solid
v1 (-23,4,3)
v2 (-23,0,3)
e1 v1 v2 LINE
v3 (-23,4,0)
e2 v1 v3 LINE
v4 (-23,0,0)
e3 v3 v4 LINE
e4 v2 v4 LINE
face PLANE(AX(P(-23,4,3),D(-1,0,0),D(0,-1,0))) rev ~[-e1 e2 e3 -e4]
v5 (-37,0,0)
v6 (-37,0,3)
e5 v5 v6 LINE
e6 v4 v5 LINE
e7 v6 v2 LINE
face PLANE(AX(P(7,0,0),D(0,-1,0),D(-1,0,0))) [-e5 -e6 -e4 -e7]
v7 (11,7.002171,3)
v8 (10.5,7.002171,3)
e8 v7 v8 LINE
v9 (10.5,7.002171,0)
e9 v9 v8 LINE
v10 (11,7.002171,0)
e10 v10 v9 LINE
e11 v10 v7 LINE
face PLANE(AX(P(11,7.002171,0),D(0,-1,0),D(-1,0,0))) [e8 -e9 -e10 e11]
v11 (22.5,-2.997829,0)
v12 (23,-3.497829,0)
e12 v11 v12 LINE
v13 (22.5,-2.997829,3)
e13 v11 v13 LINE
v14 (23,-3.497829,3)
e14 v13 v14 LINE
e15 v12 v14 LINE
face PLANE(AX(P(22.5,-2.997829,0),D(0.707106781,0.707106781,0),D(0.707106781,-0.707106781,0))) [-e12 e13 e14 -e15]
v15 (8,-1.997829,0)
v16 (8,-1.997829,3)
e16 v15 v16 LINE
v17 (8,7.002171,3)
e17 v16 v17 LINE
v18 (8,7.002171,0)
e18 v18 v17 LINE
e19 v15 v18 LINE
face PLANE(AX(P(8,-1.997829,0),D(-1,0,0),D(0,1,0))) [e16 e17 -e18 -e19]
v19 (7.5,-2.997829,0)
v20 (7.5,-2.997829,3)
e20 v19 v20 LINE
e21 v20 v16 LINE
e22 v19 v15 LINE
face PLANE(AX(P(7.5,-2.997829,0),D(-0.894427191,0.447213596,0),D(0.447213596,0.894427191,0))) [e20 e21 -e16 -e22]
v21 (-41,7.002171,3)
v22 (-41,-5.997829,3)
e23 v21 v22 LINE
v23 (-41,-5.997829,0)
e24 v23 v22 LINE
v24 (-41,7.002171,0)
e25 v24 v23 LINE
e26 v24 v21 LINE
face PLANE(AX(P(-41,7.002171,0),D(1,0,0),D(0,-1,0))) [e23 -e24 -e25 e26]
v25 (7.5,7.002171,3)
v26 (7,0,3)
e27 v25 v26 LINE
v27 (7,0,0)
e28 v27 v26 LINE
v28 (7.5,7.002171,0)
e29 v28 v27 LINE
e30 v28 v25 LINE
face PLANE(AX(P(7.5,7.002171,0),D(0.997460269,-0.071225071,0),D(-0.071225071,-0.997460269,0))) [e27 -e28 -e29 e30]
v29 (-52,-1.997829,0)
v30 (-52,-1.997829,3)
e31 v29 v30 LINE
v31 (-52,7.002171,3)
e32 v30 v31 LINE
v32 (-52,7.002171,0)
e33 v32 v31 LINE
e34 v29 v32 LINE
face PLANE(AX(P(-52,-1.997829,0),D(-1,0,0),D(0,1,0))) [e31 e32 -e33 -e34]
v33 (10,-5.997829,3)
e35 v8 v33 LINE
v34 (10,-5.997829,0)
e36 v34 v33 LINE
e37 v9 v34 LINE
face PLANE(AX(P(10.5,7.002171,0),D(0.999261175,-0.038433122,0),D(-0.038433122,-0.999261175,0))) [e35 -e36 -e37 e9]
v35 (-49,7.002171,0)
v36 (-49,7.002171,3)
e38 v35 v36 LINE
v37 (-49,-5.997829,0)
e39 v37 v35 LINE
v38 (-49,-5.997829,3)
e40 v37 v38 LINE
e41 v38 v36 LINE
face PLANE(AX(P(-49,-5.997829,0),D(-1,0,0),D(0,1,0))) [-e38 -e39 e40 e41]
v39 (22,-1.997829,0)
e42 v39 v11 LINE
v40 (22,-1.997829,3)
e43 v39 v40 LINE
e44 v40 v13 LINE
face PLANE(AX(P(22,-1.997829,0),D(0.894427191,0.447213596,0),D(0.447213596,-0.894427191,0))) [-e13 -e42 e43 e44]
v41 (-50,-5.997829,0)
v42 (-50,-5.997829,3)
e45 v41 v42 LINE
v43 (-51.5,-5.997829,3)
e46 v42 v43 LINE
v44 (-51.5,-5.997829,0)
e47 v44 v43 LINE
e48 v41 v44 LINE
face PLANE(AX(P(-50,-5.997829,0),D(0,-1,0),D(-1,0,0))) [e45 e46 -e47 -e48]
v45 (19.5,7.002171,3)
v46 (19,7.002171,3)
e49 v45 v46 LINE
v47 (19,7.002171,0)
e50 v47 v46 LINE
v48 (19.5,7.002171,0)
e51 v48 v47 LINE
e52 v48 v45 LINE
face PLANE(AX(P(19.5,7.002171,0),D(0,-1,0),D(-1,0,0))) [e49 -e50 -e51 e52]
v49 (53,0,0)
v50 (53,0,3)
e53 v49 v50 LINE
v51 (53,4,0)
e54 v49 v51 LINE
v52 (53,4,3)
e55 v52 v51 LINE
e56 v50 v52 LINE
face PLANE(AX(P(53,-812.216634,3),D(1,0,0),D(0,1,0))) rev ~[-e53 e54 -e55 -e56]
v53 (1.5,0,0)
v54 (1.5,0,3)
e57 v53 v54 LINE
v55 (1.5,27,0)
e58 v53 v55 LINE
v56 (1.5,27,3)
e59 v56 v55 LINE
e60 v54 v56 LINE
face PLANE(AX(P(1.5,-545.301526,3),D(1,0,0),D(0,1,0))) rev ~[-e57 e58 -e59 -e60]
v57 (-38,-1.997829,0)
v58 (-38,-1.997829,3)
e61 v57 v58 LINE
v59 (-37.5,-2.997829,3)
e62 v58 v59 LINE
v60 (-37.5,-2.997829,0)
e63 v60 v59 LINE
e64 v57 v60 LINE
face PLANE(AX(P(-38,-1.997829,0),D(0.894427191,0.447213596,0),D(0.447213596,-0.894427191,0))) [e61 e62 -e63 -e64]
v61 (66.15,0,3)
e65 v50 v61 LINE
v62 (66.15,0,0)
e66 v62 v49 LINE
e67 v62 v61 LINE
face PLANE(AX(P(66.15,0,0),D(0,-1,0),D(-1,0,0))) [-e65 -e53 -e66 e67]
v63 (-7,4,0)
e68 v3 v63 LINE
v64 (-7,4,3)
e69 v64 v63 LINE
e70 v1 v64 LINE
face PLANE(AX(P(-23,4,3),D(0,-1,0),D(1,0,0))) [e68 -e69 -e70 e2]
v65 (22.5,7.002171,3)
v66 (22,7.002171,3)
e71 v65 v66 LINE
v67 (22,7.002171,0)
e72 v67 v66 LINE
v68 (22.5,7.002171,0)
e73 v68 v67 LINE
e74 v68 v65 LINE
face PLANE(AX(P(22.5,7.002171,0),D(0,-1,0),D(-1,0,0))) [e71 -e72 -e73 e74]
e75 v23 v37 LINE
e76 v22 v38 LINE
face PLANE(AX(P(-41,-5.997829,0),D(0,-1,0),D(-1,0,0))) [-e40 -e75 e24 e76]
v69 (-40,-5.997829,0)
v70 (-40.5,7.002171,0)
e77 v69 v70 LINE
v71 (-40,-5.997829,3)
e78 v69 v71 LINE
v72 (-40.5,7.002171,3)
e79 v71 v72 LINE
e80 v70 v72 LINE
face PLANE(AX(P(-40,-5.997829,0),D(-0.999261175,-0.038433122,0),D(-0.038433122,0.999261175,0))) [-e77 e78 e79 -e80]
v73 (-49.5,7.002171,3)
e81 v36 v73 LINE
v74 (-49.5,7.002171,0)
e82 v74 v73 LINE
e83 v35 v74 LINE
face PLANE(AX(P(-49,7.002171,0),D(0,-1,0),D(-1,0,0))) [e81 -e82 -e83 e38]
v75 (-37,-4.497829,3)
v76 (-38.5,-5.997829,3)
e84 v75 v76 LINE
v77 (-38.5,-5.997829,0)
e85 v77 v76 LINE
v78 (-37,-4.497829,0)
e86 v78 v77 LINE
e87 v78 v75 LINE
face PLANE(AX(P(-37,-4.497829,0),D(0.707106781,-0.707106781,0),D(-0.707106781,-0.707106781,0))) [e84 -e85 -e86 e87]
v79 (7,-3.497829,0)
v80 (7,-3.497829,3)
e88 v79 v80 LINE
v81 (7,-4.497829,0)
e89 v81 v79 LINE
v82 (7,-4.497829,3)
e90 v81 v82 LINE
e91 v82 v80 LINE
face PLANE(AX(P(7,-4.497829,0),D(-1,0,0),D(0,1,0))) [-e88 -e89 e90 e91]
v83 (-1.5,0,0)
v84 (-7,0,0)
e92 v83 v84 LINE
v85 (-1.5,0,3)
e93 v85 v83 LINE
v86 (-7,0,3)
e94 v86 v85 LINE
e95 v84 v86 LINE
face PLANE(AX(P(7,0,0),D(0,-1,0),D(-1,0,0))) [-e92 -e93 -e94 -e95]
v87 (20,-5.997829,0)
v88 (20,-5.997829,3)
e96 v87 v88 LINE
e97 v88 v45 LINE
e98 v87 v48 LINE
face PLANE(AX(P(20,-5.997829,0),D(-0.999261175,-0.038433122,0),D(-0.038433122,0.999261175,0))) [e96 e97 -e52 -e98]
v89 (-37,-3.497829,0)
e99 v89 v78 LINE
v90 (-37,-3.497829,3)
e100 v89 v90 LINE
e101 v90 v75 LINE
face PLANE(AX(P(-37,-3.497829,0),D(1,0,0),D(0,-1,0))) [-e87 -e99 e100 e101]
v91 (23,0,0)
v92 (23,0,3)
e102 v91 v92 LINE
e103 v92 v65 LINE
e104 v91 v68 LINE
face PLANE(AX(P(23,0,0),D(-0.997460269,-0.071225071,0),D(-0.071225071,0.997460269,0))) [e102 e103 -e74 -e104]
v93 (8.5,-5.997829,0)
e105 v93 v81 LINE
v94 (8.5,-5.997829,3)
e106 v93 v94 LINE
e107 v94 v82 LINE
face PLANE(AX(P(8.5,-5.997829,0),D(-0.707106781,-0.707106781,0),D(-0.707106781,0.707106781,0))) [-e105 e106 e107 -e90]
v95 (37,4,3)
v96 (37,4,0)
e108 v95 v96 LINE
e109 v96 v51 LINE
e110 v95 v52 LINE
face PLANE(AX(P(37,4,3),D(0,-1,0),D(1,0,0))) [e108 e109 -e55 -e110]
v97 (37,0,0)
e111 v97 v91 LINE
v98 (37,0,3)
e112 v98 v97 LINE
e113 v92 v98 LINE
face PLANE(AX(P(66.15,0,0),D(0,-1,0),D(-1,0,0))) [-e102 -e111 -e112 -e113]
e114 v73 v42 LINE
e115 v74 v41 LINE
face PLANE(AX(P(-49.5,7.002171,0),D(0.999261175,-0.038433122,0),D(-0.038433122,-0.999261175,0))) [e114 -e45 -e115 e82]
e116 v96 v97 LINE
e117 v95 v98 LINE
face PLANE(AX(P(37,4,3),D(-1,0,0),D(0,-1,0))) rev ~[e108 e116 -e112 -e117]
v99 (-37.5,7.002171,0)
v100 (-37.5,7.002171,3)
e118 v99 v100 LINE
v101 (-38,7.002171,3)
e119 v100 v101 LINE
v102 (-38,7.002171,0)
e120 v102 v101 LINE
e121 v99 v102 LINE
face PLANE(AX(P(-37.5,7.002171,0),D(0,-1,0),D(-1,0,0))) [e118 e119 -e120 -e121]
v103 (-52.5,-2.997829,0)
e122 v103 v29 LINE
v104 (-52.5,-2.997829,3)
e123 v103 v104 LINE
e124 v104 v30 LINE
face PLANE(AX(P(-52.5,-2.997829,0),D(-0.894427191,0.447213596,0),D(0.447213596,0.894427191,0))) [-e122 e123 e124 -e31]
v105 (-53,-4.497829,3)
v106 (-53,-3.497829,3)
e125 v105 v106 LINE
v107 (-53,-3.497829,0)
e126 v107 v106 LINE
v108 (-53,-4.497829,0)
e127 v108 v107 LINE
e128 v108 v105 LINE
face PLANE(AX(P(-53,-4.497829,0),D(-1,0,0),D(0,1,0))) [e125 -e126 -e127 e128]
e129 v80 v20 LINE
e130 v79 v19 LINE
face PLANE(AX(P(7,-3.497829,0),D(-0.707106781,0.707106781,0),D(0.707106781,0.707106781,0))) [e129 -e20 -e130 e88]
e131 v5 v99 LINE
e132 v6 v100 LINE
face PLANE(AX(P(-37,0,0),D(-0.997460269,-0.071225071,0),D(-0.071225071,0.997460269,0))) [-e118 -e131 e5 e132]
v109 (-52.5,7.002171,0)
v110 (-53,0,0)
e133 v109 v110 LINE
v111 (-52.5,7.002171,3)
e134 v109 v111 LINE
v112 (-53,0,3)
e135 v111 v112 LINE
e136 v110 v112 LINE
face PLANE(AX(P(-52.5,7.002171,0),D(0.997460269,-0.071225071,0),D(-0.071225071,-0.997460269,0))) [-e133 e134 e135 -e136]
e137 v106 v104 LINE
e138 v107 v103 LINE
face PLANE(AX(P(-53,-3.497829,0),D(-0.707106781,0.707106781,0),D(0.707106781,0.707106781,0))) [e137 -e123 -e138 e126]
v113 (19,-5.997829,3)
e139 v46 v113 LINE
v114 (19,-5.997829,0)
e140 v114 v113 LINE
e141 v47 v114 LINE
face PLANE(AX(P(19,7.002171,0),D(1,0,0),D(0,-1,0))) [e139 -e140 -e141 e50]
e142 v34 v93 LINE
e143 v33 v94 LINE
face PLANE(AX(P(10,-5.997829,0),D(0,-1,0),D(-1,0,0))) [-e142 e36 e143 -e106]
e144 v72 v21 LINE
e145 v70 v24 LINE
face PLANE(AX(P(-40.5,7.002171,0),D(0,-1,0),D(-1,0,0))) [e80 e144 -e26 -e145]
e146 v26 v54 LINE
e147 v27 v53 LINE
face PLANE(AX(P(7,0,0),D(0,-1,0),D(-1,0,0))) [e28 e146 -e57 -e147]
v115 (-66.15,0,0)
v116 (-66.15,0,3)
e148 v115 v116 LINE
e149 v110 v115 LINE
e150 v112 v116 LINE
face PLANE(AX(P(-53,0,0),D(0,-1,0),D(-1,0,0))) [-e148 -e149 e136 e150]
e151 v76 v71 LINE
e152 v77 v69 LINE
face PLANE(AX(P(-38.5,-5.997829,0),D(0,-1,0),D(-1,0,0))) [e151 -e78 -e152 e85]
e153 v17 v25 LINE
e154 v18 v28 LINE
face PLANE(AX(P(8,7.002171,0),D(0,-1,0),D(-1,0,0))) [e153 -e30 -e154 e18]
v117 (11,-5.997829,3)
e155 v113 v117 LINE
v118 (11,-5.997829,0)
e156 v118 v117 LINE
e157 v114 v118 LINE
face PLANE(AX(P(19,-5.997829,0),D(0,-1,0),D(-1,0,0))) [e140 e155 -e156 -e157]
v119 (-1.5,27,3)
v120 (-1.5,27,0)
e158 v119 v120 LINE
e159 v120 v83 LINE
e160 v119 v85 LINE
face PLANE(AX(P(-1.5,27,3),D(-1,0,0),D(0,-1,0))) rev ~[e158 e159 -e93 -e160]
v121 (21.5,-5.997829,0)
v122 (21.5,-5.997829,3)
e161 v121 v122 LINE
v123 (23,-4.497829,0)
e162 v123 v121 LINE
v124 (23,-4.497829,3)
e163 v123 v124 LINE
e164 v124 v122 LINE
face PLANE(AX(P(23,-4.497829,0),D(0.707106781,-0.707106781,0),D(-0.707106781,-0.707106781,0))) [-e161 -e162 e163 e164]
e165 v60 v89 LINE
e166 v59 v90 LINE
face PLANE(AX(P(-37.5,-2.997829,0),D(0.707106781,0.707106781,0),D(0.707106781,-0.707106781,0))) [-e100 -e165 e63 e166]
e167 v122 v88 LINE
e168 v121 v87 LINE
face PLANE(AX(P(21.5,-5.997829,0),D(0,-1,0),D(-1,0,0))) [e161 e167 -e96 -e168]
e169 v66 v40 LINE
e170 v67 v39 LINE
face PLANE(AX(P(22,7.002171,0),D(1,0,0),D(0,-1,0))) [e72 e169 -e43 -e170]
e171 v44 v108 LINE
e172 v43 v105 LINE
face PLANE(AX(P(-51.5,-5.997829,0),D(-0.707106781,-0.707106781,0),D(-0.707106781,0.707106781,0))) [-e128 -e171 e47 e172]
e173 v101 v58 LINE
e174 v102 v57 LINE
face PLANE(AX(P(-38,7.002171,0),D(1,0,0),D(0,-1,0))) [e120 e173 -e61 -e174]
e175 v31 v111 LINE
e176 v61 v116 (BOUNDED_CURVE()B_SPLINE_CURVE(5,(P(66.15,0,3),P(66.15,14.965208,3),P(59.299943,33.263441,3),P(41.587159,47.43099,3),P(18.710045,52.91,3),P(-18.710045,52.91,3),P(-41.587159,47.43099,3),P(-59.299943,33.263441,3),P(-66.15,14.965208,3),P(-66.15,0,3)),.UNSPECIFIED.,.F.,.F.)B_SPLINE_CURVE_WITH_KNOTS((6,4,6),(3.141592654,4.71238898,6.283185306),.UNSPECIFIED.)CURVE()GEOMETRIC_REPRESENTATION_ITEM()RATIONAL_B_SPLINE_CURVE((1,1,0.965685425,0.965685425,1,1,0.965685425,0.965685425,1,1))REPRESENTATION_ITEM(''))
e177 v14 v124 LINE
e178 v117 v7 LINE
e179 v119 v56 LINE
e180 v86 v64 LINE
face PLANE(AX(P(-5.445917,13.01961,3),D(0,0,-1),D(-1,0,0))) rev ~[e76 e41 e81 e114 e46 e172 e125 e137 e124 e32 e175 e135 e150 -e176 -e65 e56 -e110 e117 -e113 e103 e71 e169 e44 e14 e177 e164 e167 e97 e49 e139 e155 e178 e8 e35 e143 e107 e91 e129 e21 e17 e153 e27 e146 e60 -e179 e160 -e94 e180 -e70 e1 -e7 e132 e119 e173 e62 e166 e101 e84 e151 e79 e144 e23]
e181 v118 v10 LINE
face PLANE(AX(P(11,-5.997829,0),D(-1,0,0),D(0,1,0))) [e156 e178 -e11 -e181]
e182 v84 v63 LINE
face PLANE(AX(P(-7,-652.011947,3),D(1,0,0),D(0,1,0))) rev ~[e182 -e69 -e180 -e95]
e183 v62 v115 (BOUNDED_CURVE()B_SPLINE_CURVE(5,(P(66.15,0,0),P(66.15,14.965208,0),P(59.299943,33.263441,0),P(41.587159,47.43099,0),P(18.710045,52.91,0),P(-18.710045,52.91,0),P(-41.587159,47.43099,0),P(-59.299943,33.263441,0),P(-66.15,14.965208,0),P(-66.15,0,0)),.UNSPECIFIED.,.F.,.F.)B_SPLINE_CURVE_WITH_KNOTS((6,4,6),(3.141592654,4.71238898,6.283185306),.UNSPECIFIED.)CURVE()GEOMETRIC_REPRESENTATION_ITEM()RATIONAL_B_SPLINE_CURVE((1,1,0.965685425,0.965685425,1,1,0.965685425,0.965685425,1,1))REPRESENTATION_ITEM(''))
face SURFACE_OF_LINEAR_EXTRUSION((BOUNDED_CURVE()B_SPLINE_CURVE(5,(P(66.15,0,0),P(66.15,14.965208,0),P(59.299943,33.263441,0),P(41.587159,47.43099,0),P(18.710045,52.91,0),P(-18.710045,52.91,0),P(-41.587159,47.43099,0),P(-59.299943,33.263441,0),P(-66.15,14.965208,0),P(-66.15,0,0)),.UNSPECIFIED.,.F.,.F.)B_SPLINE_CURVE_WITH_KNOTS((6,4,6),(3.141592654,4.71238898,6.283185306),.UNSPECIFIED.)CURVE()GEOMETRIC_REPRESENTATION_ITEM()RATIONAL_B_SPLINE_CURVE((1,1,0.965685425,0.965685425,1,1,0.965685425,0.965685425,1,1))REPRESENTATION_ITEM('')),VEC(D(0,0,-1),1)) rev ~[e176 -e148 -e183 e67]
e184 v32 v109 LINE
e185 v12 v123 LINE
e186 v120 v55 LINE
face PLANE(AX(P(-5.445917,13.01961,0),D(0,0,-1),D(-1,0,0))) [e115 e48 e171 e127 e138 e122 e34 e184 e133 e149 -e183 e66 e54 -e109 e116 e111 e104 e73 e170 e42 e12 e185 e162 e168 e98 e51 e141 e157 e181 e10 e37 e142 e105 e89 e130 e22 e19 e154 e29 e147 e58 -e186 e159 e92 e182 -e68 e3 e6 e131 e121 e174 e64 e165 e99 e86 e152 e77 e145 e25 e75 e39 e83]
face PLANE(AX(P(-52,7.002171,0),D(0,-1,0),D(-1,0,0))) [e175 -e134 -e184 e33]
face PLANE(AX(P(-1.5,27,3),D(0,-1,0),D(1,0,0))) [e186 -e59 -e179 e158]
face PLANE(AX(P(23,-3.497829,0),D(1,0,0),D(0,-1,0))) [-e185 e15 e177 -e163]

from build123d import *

# Parameters (mm, degrees)
BOSS_EXTRUDE1_DEPTH     = 3
CUT_EXTRUDE1_DEPTH      = 85.760194811
CUT_EXTRUDE1_DEPTH_BACK = 3
CUT_EXTRUDE2_DEPTH      = 85.760194811
CUT_EXTRUDE2_DEPTH_BACK = 3
CUT_EXTRUDE3_DEPTH      = 85.760194811
CUT_EXTRUDE3_DEPTH_BACK = 3


with BuildPart() as part:
    # Sketch1 → Boss-Extrude1 (new body)
    with BuildSketch(Plane.XY):
        with BuildLine():
            Line((-53, 0), (-66.15, 0))
            add(Edge.make_bspline(
                [(0, 52.91), (-66.15, 52.91), (-66.15, 0)],
                knots=[1.570796327, 1.570796327, 1.570796327, 3.141592654, 3.141592654, 3.141592654], degree=2, weights=[1, 0.707106781, 1]))
            add(Edge.make_bspline(
                [(66.15, 0), (66.15, 52.91), (0, 52.91)],
                knots=[3.141592654, 3.141592654, 3.141592654, 4.71238898, 4.71238898, 4.71238898], degree=2, weights=[1, 0.707106781, 1]))
            Line((66.15, 0), (23, 0))
            Line((23, 0), (22.5, 7.002171092))
            Line((22.5, 7.002171092), (22, 7.002171092))
            Line((22, 7.002171092), (22, -1.997828908))
            Line((22, -1.997828908), (22.5, -2.997828908))
            Line((22.5, -2.997828908), (23, -3.497828908))
            Line((23, -3.497828908), (23, -4.497828908))
            Line((23, -4.497828908), (21.5, -5.997828908))
            Line((21.5, -5.997828908), (20, -5.997828908))
            Line((20, -5.997828908), (19.5, 7.002171092))
            Line((19.5, 7.002171092), (19, 7.002171092))
            Line((19, 7.002171092), (19, -5.997828908))
            Line((19, -5.997828908), (11, -5.997828908))
            Line((11, -5.997828908), (11, 7.002171092))
            Line((11, 7.002171092), (10.5, 7.002171092))
            Line((10.5, 7.002171092), (10, -5.997828908))
            Line((10, -5.997828908), (8.5, -5.997828908))
            Line((8.5, -5.997828908), (7, -4.497828908))
            Line((7, -4.497828908), (7, -3.497828908))
            Line((7, -3.497828908), (7.5, -2.997828908))
            Line((7.5, -2.997828908), (8, -1.997828908))
            Line((8, -1.997828908), (8, 7.002171092))
            Line((8, 7.002171092), (7.5, 7.002171092))
            Line((7.5, 7.002171092), (7, 0))
            Line((7, 0), (-37, 0))
            Line((-37, 0), (-37.5, 7.002171092))
            Line((-37.5, 7.002171092), (-38, 7.002171092))
            Line((-38, 7.002171092), (-38, -1.997828908))
            Line((-38, -1.997828908), (-37.5, -2.997828908))
            Line((-37.5, -2.997828908), (-37, -3.497828908))
            Line((-37, -3.497828908), (-37, -4.497828908))
            Line((-37, -4.497828908), (-38.5, -5.997828908))
            Line((-38.5, -5.997828908), (-40, -5.997828908))
            Line((-40, -5.997828908), (-40.5, 7.002171092))
            Line((-40.5, 7.002171092), (-41, 7.002171092))
            Line((-41, 7.002171092), (-41, -5.997828908))
            Line((-41, -5.997828908), (-49, -5.997828908))
            Line((-49, -5.997828908), (-49, 7.002171092))
            Line((-49, 7.002171092), (-49.5, 7.002171092))
            Line((-49.5, 7.002171092), (-50, -5.997828908))
            Line((-50, -5.997828908), (-51.5, -5.997828908))
            Line((-51.5, -5.997828908), (-53, -4.497828908))
            Line((-53, -4.497828908), (-53, -3.497828908))
            Line((-53, -3.497828908), (-52.5, -2.997828908))
            Line((-52.5, -2.997828908), (-52, -1.997828908))
            Line((-52, -1.997828908), (-52, 7.002171092))
            Line((-52, 7.002171092), (-52.5, 7.002171092))
            Line((-52.5, 7.002171092), (-53, 0))
        make_face()
    extrude(amount=BOSS_EXTRUDE1_DEPTH)

    # Sketch2 → Cut-Extrude1 (cut, two sides)
    with BuildSketch(Plane.XY.offset(3)) as cut_extrude1_sk:
        Polygon((-1.5, -181.767175259), (-1.5, 0), (-1.5, 27), (1.5, 27), (1.5, 0), (1.5, -181.767175259), (1.5, -545.301525777), (-1.5, -545.301525777), align=None)
    extrude(amount=CUT_EXTRUDE1_DEPTH, mode=Mode.SUBTRACT)
    extrude(cut_extrude1_sk.sketch, amount=-CUT_EXTRUDE1_DEPTH_BACK, mode=Mode.SUBTRACT)

    # Sketch3 → Cut-Extrude2 (cut, two sides)
    with BuildSketch(Plane.XY.offset(3)) as cut_extrude2_sk:
        Polygon((-23, -217.337315777), (-23, 0), (-23, 4), (-7, 4), (-7, 0), (-7, -217.337315777), (-7, -652.011947331), (-23, -652.011947331), align=None)
    extrude(amount=CUT_EXTRUDE2_DEPTH, mode=Mode.SUBTRACT)
    extrude(cut_extrude2_sk.sketch, amount=-CUT_EXTRUDE2_DEPTH_BACK, mode=Mode.SUBTRACT)

    # Sketch4 → Cut-Extrude3 (cut, two sides)
    with BuildSketch(Plane.XY.offset(3)) as cut_extrude3_sk:
        Polygon((37, -270.738878071), (37, 0), (37, 4), (53, 4), (53, 0), (53, -270.738878071), (53, -812.216634213), (37, -812.216634213), align=None)
    extrude(amount=CUT_EXTRUDE3_DEPTH, mode=Mode.SUBTRACT)
    extrude(cut_extrude3_sk.sketch, amount=-CUT_EXTRUDE3_DEPTH_BACK, mode=Mode.SUBTRACT)


solid = part.part
